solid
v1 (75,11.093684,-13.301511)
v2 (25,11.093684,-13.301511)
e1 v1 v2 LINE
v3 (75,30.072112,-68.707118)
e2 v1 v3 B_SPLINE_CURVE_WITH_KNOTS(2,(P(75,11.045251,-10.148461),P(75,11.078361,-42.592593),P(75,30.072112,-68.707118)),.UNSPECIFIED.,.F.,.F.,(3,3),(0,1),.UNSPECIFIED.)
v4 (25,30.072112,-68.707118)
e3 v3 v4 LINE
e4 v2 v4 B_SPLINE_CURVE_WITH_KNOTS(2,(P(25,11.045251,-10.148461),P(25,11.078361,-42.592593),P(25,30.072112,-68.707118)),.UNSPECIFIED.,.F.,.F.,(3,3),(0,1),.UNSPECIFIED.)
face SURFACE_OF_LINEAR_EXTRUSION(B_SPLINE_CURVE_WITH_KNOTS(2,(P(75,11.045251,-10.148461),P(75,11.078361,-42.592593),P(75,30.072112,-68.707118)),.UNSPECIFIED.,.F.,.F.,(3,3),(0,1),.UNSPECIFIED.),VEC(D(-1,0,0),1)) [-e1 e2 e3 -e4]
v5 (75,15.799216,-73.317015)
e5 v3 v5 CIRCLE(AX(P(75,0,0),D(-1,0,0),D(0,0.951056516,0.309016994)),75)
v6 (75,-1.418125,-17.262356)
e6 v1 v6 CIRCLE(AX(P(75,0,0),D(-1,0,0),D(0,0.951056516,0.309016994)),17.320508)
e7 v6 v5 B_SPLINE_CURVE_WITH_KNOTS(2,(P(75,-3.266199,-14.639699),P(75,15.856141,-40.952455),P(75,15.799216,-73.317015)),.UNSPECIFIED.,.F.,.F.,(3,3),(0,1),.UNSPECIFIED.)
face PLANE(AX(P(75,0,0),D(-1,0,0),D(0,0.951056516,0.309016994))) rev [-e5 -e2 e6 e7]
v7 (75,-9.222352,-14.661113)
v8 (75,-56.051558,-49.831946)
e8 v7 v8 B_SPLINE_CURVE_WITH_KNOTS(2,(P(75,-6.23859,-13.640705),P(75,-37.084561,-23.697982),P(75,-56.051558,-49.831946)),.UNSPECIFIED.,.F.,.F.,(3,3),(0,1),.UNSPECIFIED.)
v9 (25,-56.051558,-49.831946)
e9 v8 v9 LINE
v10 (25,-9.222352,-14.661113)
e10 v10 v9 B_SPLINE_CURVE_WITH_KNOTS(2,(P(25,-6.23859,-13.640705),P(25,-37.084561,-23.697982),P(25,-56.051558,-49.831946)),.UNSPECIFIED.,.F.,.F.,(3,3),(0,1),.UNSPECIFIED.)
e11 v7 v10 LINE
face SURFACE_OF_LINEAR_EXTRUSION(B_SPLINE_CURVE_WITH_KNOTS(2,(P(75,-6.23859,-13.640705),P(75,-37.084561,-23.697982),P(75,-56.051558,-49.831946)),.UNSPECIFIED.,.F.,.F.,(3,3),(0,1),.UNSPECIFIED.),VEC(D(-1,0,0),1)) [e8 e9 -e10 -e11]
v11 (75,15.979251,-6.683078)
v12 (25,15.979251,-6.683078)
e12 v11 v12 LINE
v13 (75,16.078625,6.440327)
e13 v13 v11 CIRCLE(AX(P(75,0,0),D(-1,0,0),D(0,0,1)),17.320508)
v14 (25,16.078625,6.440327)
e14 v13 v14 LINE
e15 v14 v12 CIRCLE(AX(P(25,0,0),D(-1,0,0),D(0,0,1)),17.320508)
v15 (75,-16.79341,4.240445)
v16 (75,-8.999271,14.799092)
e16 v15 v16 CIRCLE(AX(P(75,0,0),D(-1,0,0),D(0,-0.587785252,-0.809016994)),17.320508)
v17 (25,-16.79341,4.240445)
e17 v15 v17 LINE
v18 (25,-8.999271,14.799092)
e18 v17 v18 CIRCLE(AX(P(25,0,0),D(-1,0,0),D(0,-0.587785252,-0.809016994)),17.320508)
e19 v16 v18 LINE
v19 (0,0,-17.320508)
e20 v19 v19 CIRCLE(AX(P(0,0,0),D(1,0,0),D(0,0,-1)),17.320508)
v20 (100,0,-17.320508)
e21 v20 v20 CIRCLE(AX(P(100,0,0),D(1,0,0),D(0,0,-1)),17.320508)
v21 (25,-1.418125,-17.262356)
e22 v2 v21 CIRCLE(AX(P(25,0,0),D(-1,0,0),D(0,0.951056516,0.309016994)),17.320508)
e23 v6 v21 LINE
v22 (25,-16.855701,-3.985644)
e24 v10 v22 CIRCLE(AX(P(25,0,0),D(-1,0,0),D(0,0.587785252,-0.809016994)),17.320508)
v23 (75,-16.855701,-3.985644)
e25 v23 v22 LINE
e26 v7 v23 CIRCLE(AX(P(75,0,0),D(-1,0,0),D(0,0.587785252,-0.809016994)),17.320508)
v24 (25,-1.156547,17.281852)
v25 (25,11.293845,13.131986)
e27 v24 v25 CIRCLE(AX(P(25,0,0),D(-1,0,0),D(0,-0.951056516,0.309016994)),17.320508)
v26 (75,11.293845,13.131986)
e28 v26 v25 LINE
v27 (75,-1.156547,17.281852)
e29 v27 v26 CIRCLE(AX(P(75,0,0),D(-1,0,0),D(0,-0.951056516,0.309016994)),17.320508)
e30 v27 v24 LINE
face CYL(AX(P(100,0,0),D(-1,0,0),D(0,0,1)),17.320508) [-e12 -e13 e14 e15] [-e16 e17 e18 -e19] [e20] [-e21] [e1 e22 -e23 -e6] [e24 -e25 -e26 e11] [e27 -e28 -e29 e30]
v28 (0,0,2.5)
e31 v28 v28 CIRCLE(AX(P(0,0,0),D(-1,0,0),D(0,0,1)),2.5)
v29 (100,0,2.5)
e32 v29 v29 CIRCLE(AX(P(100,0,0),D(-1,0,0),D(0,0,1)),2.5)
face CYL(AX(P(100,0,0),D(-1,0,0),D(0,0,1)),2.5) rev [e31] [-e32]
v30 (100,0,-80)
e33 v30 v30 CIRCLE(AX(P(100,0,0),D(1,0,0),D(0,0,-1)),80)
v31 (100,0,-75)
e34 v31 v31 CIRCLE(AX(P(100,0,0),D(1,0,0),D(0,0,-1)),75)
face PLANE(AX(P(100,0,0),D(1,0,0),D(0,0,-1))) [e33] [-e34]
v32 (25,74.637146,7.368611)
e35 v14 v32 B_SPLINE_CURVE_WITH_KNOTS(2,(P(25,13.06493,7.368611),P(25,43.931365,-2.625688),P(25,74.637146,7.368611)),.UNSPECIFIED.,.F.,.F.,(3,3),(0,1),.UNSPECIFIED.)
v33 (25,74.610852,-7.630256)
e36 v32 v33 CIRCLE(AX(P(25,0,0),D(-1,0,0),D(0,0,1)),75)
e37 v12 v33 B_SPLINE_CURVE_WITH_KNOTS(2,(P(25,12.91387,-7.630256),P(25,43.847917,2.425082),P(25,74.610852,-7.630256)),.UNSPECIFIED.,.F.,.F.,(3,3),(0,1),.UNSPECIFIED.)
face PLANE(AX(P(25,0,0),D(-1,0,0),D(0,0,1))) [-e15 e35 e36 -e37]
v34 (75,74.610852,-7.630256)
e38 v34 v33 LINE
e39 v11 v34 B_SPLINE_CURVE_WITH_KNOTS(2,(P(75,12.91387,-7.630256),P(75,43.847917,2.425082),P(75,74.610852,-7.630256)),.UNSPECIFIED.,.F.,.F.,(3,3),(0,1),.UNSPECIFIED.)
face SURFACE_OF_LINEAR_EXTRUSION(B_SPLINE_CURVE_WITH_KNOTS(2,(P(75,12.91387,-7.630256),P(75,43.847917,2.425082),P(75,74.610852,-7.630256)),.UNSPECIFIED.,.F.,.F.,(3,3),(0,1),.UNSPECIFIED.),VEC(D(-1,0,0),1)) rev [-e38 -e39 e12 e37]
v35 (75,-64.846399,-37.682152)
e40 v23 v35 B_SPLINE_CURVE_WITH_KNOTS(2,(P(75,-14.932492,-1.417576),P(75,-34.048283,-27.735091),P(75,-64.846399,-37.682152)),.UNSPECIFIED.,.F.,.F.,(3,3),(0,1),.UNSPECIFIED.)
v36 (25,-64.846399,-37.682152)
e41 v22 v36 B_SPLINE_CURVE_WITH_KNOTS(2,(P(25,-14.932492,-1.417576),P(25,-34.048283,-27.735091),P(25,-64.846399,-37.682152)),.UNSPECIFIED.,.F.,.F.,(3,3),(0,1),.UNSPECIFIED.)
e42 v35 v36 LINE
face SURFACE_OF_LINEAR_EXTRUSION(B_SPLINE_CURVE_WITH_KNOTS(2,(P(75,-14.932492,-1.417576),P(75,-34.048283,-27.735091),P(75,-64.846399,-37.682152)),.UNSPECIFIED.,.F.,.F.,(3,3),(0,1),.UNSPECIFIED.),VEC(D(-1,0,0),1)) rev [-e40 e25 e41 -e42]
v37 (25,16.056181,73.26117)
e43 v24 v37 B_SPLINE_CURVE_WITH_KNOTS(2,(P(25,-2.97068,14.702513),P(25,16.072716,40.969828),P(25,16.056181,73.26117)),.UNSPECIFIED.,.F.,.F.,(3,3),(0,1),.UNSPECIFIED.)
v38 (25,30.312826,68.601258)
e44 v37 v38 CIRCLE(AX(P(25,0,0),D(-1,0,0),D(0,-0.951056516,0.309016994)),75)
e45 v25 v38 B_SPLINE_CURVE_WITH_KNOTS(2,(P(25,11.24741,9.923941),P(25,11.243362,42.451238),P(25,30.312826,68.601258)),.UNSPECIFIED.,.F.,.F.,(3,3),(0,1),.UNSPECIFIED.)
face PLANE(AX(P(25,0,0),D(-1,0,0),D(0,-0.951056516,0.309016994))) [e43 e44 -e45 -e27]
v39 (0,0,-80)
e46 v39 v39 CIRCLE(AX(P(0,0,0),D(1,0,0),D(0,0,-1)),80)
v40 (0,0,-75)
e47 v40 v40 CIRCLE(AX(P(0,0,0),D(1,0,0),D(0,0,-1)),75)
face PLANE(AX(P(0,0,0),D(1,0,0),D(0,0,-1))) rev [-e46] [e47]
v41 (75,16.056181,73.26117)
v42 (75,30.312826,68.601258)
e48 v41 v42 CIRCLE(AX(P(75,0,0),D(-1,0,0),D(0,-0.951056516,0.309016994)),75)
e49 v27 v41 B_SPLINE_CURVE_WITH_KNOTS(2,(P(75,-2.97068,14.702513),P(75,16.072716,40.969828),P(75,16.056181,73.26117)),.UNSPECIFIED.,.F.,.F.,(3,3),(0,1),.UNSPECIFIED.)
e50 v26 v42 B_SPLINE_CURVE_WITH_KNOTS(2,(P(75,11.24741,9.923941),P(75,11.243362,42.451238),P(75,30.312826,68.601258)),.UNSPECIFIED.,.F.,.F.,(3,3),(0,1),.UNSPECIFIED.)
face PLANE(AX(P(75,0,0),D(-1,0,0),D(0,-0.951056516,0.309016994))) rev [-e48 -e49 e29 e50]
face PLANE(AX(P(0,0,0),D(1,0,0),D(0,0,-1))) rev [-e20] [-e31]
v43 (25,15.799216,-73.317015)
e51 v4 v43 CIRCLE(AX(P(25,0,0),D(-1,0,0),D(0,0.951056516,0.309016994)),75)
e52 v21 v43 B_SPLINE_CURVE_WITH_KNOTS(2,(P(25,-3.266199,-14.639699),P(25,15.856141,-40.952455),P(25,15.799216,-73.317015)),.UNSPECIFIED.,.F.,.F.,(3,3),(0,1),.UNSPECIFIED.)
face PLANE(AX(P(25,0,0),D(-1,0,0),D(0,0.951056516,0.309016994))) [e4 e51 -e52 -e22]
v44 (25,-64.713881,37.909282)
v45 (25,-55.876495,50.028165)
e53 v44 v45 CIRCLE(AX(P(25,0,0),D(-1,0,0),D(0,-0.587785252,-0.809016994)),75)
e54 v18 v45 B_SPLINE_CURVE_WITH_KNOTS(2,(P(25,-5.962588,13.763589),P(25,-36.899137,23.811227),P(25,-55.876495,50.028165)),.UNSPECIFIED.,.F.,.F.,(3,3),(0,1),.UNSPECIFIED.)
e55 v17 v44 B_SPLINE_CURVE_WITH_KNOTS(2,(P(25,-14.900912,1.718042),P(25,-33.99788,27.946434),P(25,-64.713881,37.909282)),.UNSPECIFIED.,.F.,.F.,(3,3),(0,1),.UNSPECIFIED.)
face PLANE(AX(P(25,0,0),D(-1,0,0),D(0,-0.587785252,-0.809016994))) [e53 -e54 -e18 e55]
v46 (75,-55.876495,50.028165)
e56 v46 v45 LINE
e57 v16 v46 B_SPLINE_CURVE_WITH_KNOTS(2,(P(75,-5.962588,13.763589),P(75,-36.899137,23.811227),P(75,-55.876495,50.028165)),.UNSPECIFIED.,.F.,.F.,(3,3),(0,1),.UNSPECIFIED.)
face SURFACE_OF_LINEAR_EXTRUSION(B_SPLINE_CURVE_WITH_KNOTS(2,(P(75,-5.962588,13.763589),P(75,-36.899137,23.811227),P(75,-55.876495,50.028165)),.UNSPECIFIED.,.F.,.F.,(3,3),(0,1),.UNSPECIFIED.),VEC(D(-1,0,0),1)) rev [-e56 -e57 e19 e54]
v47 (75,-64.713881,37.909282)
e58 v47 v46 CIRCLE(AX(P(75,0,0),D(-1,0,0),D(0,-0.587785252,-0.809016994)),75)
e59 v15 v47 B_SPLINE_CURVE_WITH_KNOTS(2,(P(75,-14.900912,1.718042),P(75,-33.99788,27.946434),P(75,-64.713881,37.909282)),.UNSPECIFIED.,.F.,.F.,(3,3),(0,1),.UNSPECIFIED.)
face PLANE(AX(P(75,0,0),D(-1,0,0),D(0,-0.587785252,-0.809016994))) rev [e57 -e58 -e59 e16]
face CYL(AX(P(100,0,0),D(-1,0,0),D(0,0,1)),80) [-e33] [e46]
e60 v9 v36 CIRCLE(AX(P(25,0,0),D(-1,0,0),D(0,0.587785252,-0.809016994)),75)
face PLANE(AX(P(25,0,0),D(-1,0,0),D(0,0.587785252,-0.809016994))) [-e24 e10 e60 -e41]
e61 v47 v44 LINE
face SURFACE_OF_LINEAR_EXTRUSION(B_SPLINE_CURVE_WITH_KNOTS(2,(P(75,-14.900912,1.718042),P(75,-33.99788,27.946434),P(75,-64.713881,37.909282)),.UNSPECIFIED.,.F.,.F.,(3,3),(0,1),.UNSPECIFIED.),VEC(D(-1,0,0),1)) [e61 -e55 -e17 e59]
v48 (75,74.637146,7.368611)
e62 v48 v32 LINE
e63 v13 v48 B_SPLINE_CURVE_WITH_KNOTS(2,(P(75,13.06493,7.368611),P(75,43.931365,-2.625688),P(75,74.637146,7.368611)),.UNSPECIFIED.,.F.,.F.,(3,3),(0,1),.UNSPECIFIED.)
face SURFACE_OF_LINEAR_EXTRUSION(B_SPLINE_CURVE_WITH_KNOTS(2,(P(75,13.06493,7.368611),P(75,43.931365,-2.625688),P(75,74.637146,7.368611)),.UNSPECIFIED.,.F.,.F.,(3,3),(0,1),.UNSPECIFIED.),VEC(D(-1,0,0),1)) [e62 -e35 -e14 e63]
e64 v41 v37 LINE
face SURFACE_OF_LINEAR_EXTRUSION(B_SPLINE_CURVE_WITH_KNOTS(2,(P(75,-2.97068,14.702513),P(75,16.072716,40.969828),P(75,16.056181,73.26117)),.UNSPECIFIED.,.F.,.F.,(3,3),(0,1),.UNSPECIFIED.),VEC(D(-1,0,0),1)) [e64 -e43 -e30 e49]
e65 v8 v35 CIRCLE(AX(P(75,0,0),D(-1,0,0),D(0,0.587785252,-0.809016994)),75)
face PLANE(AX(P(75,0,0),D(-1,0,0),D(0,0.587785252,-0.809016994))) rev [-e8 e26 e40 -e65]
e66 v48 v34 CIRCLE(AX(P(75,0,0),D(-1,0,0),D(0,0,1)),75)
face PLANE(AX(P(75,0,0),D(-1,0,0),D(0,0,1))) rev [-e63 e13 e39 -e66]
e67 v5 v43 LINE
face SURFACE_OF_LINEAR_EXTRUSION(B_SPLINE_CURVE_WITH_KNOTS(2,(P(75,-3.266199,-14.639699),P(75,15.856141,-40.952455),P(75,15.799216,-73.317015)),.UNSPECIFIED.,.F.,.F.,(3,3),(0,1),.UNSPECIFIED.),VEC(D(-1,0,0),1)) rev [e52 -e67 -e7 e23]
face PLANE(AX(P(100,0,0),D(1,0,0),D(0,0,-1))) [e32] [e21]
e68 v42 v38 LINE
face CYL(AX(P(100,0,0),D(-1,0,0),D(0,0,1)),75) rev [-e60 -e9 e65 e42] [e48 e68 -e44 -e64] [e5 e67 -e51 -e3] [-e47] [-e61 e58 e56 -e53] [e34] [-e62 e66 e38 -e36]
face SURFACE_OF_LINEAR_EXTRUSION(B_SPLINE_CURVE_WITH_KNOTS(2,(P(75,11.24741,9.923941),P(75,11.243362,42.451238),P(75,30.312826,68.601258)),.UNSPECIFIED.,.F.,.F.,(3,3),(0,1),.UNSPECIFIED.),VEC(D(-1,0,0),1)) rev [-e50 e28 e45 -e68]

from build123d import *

# Parameters (mm, degrees)
SKETCH1_R           = 80
SKETCH1_R_2         = 75
SKETCH1_R_3         = 15
SKETCH1_R_4         = 17.320508076
BOSS_EXTRUDE1_DEPTH = 100
BOSS_EXTRUDE2_START = -25
BOSS_EXTRUDE2_DEPTH = 50
SKETCH6_R           = 2.5
CUT_EXTRUDE1_DEPTH  = 100
CIRPATTERN1_COUNT   = 5


with BuildPart() as part:
    # Sketch1 → Boss-Extrude1 (new body)
    with BuildSketch(Plane(origin=(0, 0, 0), x_dir=(0, 0, -1), z_dir=(1, 0, 0))):
        Circle(SKETCH1_R)
        Circle(SKETCH1_R_2, mode=Mode.SUBTRACT)
        Circle(SKETCH1_R_3)
        Polygon((-17.320508076, 0), (-8.660254038, -15), (8.660254038, -15), (17.320508076, 0), (8.660254038, 15), (-8.660254038, 15), align=None)
        Circle(SKETCH1_R_4)
    extrude(amount=BOSS_EXTRUDE1_DEPTH)

    # Sketch7 → Boss-Extrude2 (add)
    with BuildSketch(Plane.ZY.offset(BOSS_EXTRUDE2_START)):
        with BuildLine():
            add(Edge.make_bspline(
                [(6.440327224, 16.078625105), (2.594720076, 29.237330687), (2.383712029, 42.366824241)],
                knots=[0.048824519, 0.048824519, 0.048824519, 0.47524405, 0.47524405, 0.47524405], degree=2))
            add(Edge.make_bspline(
                [(2.383712029, 42.366824241), (2.359211722, 43.891299831), (2.383712029, 45.415381593)],
                knots=[0.47524405, 0.47524405, 0.47524405, 0.52475595, 0.52475595, 0.52475595], degree=2))
            add(Edge.make_bspline(
                [(2.383712029, 45.415381593), (2.618880242, 60.044406046), (7.368611427, 74.637146017)],
                knots=[0.52475595, 0.52475595, 0.52475595, 1, 1, 1], degree=2))
            ThreePointArc((7.368611427, 74.637146017), (-0.131481233, 74.999884751), (-7.630255972, 74.610851716))
            add(Edge.make_bspline(
                [(-6.683078321, 15.979251051), (1.926800998, 45.372338084), (-7.630255972, 74.610851716)],
                knots=[0.049553835, 0.049553835, 0.049553835, 1, 1, 1], degree=2))
            ThreePointArc((-6.683078321, 15.979251051), (-4.684644195, 16.674954536), (-2.616287971, 17.121770856))
            ThreePointArc((-2.616287971, 17.121770856), (-0.117518624, 17.320109393), (2.383712029, 17.155696342))
            ThreePointArc((2.383712029, 17.155696342), (4.444765212, 16.740491695), (6.440327224, 16.078625105))
        make_face()
    boss_extrude2 = extrude(amount=-BOSS_EXTRUDE2_DEPTH)

    # Sketch6 → Cut-Extrude1 (cut)
    with BuildSketch(Plane.ZY):
        Circle(SKETCH6_R)
    extrude(amount=-CUT_EXTRUDE1_DEPTH, mode=Mode.SUBTRACT)

    # CirPattern1: Boss-Extrude2 ×5 about axis
    cirpattern1_axis = Axis((100, 0, 0), (-1, 0, 0))
    for i in range(1, CIRPATTERN1_COUNT):
        add(boss_extrude2.rotate(cirpattern1_axis, i * 360 / CIRPATTERN1_COUNT))


solid = part.part
